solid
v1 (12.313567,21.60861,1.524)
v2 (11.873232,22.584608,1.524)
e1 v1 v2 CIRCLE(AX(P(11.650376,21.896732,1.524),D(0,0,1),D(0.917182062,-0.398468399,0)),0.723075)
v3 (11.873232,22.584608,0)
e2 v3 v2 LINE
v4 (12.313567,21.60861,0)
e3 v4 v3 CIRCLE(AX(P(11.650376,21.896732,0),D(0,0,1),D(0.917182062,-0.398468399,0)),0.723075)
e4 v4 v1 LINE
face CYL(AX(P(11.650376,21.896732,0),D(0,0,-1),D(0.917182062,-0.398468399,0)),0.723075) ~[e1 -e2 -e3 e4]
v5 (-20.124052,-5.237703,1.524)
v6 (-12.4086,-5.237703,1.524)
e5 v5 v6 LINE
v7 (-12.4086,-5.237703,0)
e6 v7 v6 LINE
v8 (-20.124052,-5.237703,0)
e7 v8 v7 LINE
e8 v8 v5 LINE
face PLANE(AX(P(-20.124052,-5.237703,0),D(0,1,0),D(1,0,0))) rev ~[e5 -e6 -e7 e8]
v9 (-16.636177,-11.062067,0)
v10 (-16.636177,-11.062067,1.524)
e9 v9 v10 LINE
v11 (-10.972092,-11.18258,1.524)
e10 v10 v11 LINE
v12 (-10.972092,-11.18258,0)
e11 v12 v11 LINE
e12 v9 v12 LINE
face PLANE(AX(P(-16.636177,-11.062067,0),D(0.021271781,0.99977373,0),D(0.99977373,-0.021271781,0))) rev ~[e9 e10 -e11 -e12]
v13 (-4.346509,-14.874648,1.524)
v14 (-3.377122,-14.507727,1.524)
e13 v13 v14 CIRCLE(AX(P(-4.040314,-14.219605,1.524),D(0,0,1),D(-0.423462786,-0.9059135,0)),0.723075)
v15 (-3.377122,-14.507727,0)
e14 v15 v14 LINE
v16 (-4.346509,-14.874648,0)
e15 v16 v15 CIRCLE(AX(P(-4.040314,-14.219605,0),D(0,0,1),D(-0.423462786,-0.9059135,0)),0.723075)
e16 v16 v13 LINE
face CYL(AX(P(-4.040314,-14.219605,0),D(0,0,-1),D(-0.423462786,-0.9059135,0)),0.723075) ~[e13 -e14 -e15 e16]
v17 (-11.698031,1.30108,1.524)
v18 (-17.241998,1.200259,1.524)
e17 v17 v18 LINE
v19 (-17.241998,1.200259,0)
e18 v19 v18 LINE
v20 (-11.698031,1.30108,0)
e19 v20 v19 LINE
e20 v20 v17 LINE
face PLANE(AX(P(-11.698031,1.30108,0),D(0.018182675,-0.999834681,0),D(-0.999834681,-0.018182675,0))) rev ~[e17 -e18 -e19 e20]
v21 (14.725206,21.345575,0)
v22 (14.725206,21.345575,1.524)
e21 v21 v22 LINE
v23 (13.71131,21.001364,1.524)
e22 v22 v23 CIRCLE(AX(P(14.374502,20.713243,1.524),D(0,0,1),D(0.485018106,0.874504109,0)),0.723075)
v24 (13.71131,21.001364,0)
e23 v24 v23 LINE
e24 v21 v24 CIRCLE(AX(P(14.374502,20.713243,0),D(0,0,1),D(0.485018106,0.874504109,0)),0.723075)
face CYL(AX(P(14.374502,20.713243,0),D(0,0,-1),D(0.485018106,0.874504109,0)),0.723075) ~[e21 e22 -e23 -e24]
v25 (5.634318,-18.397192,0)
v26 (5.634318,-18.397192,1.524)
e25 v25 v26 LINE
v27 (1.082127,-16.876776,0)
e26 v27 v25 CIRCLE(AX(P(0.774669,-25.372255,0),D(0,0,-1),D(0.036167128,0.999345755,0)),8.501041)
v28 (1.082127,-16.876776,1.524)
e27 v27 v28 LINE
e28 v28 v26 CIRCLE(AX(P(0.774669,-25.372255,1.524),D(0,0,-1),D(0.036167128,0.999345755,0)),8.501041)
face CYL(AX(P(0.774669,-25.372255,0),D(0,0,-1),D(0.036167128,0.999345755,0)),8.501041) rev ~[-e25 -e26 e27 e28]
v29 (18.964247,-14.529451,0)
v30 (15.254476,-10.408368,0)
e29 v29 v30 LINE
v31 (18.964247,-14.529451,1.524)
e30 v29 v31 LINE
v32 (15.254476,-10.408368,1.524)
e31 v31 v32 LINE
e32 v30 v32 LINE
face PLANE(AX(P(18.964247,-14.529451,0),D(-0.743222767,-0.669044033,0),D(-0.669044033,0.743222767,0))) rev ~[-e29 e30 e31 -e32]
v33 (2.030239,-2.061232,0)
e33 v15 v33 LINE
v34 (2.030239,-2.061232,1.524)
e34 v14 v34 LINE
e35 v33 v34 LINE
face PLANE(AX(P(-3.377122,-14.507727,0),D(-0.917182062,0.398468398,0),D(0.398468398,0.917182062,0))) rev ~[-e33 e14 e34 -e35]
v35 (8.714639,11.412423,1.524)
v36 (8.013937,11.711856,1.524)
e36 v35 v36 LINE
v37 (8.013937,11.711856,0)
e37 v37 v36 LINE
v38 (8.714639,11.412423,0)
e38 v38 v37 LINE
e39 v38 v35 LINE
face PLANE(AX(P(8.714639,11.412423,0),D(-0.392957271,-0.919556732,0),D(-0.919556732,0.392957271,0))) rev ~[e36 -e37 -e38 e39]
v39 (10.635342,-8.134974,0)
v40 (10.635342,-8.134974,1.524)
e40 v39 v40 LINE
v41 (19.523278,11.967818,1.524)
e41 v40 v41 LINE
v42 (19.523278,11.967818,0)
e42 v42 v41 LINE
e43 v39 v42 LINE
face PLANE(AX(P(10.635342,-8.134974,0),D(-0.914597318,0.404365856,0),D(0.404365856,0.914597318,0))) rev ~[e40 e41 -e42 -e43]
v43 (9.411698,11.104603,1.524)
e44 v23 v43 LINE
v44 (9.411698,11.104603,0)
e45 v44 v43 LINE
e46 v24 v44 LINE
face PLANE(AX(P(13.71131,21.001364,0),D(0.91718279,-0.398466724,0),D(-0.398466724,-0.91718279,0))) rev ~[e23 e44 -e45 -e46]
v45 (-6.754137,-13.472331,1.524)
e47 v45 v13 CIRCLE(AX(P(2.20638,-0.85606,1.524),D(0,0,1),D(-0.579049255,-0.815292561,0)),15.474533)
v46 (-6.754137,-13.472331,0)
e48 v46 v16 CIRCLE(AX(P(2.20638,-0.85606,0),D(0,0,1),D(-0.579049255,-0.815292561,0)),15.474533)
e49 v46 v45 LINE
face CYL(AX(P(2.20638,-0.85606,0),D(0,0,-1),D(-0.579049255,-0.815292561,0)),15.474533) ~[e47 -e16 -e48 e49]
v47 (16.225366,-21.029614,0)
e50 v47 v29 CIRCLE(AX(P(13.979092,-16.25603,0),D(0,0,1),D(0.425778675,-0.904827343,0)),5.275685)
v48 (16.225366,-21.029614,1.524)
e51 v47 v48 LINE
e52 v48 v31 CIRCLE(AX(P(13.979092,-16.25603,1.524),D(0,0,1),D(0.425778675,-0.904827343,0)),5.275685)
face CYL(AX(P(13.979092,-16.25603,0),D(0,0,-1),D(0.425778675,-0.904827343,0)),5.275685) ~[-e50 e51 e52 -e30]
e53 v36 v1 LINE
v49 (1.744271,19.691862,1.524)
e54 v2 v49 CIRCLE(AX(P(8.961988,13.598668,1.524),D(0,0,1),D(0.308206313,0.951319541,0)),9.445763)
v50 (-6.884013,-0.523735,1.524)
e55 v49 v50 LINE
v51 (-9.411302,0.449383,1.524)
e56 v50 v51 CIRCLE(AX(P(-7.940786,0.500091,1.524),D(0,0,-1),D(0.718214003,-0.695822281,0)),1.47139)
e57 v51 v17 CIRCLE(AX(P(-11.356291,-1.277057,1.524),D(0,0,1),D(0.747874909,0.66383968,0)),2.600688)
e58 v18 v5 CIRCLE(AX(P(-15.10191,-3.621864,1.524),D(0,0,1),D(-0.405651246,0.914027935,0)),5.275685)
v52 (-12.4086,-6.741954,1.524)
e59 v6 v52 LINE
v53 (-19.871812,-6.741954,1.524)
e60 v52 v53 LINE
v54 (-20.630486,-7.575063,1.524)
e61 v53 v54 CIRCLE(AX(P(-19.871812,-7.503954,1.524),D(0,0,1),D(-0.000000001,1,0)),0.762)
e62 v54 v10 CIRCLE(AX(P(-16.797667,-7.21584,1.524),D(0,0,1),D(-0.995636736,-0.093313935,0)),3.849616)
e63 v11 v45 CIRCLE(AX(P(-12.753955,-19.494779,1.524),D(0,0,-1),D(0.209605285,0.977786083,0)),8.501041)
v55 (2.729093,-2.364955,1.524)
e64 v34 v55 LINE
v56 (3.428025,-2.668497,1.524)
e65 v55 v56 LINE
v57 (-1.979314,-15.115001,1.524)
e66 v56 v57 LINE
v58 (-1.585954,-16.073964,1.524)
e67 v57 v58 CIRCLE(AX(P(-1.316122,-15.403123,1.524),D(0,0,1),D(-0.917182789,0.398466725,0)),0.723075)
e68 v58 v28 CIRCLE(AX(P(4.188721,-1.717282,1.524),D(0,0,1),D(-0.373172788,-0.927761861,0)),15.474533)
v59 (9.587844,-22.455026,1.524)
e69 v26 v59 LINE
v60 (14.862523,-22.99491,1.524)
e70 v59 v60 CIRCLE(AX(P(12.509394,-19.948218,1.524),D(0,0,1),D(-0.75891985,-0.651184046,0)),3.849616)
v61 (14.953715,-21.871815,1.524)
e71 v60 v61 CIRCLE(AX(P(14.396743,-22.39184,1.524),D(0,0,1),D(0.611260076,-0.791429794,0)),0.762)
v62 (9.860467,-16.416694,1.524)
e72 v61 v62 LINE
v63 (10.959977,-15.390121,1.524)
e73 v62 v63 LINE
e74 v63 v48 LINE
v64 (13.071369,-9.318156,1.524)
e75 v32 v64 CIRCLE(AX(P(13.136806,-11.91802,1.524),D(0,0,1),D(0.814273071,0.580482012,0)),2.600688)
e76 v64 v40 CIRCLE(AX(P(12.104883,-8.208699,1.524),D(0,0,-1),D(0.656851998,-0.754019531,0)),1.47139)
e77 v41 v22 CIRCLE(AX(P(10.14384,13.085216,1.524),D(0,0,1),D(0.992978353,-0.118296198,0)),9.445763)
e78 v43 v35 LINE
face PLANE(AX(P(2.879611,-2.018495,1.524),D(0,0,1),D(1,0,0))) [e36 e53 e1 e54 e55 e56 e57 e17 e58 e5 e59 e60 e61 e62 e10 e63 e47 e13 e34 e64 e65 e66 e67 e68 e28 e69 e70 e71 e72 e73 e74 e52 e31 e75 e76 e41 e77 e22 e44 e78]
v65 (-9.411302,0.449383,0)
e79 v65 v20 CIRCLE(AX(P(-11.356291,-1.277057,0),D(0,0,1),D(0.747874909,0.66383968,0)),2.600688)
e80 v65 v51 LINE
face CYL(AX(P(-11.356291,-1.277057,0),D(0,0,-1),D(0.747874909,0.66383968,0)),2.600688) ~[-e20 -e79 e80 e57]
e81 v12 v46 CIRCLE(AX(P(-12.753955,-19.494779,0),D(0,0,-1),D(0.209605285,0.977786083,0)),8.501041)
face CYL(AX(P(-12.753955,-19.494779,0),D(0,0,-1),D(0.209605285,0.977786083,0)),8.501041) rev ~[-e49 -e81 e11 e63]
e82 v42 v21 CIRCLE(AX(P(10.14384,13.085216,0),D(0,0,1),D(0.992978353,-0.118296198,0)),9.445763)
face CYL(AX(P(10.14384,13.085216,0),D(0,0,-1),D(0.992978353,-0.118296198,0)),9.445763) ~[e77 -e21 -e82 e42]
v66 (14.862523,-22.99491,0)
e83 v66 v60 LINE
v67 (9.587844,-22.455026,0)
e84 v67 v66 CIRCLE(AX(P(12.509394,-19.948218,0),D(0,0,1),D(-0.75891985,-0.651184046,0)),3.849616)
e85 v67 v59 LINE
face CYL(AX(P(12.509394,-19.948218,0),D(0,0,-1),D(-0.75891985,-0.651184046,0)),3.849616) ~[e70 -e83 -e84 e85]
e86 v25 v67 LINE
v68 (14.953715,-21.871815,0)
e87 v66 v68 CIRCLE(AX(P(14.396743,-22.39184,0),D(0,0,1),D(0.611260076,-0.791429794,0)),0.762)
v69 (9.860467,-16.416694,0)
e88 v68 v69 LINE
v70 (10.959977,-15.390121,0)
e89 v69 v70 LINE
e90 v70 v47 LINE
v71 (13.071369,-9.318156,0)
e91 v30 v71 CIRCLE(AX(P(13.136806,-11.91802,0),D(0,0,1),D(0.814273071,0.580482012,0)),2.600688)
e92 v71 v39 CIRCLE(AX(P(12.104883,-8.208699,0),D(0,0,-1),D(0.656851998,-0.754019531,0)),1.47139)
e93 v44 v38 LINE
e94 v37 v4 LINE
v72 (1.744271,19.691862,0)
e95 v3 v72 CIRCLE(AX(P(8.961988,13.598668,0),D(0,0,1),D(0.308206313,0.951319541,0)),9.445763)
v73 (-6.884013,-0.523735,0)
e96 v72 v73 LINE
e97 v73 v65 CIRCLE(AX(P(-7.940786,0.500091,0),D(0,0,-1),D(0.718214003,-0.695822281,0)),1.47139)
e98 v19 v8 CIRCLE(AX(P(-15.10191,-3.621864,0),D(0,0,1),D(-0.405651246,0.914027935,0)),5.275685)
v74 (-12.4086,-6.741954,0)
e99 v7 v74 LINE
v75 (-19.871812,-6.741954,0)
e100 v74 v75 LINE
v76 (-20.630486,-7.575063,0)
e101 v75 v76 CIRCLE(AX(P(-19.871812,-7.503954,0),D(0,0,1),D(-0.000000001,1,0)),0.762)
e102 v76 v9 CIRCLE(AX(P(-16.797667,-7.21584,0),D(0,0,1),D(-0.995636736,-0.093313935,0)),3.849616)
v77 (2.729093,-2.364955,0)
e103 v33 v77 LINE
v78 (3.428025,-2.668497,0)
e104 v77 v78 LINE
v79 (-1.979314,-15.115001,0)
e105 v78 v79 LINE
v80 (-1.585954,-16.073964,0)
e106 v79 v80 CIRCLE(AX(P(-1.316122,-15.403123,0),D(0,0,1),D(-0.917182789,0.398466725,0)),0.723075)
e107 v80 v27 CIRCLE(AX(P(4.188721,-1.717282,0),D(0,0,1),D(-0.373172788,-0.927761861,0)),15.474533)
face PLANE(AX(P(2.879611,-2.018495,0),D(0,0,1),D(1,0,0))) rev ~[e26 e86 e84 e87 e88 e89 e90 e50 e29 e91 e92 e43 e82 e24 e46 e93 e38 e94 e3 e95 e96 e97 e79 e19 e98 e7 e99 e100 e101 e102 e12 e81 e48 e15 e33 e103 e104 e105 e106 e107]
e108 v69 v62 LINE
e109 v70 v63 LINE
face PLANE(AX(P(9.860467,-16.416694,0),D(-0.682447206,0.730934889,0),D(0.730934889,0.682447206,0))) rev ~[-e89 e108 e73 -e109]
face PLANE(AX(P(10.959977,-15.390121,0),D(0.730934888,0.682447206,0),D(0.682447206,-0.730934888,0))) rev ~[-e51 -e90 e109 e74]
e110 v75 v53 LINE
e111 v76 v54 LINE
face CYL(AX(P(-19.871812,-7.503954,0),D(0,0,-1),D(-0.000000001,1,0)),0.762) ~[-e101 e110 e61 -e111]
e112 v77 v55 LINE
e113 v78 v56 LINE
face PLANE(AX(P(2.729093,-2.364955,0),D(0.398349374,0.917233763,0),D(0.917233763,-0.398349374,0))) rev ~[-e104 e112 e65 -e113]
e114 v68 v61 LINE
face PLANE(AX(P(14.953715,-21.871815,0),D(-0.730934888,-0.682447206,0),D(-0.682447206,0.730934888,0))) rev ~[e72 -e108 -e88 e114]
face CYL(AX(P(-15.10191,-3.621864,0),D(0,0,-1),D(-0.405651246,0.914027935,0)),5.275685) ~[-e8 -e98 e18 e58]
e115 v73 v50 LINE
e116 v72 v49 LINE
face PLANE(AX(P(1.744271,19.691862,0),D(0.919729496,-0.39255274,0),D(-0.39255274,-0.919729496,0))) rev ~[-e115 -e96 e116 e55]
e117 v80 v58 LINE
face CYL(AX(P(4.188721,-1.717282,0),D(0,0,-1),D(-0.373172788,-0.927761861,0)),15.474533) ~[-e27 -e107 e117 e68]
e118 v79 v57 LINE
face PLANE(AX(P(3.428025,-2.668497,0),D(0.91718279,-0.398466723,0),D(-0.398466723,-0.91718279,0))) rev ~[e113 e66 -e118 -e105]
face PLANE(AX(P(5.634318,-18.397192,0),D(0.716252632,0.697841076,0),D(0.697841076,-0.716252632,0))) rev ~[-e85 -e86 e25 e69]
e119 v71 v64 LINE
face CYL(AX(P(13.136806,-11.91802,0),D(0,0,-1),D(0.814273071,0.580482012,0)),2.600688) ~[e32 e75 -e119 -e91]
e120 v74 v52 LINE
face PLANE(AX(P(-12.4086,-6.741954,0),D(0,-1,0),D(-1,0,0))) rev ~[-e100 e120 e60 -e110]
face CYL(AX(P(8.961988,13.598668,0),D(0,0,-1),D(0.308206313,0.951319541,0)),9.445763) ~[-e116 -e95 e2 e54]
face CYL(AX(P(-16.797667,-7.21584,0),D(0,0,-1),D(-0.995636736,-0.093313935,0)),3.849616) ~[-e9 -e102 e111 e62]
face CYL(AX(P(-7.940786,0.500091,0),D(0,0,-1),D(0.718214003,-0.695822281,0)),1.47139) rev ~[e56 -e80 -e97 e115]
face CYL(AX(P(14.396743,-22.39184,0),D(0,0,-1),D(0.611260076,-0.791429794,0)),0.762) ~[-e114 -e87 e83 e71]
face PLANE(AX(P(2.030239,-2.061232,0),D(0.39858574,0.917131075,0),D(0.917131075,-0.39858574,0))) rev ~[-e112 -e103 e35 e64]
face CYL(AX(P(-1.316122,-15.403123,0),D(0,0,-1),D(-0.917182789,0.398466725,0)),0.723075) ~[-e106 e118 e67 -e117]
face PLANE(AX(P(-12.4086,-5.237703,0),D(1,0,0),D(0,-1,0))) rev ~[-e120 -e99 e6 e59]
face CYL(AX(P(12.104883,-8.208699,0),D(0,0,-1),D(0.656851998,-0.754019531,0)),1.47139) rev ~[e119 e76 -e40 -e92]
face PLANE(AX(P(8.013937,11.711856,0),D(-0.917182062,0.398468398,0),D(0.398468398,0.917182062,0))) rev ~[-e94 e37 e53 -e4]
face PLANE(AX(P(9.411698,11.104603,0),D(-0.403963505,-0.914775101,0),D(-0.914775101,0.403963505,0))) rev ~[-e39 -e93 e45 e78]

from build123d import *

# Parameters (mm, degrees)
BOSS_EXTRUDE1_DEPTH = 1.524


with BuildPart() as part:
    # Sketch1 → Boss-Extrude1 (new body)
    with BuildSketch(Plane.XY):
        with BuildLine():
            Line((-11.698031226, 1.301080189), (-17.241997575, 1.200259383))
            ThreePointArc((-17.241997575, 1.200259383), (-19.917117147, -1.466260827), (-20.124051829, -5.237702565))
            Line((-20.124051829, -5.237702565), (-12.408600231, -5.237702565))
            Line((-12.408600231, -5.237702565), (-12.408600231, -6.741954445))
            Line((-12.408600231, -6.741954445), (-19.871811516, -6.741954445))
            ThreePointArc((-19.871811516, -6.741954445), (-20.435206751, -6.990895181), (-20.630486437, -7.57506256))
            ThreePointArc((-20.630486437, -7.57506256), (-19.329359364, -10.115853363), (-16.636177401, -11.062067125))
            Line((-16.636177401, -11.062067125), (-10.972091682, -11.182579587))
            ThreePointArc((-10.972091682, -11.182579587), (-8.698171192, -12.023613454), (-6.754136813, -13.472331057))
            ThreePointArc((-6.754136813, -13.472331057), (-5.581948581, -14.227787409), (-4.346508881, -14.874647747))
            ThreePointArc((-4.346508881, -14.874647747), (-3.784346366, -14.895857379), (-3.377122413, -14.507726996))
            Line((-3.377122413, -14.507726996), (2.03023888, -2.061232355))
            Line((2.03023888, -2.061232355), (2.729092759, -2.364954689))
            Line((2.729092759, -2.364954689), (3.428024886, -2.668496912))
            Line((3.428024886, -2.668496912), (-1.97931368, -15.115001427))
            ThreePointArc((-1.97931368, -15.115001427), (-1.98510287, -15.677534117), (-1.585953772, -16.073963859))
            ThreePointArc((-1.585953772, -16.073963859), (-0.270018612, -16.535541807), (1.082127376, -16.876776006))
            ThreePointArc((1.082127376, -16.876776006), (3.467746446, -17.309065277), (5.634318126, -18.397191884))
            Line((5.634318126, -18.397191884), (9.587844362, -22.455026355))
            ThreePointArc((9.587844362, -22.455026355), (12.117419518, -23.777826074), (14.862522696, -22.994909661))
            ThreePointArc((14.862522696, -22.994909661), (15.156242938, -22.453509531), (14.953714903, -21.871815388))
            Line((14.953714903, -21.871815388), (9.860467214, -16.416693879))
            Line((9.860467214, -16.416693879), (10.959977394, -15.390121387))
            Line((10.959977394, -15.390121387), (16.22536578, -21.029614141))
            ThreePointArc((16.22536578, -21.029614141), (18.840822131, -18.304548485), (18.964246905, -14.529450993))
            Line((18.964246905, -14.529450993), (15.254476006, -10.408367691))
            ThreePointArc((15.254476006, -10.408367691), (14.298724728, -9.591322549), (13.07136856, -9.318155738))
            ThreePointArc((13.07136856, -9.318155738), (11.462041147, -9.532232913), (10.635341819, -8.134974174))
            Line((10.635341819, -8.134974174), (19.523278228, 11.967818074))
            ThreePointArc((19.523278228, 11.967818074), (18.552858543, 17.387639375), (14.725205948, 21.345574811))
            ThreePointArc((14.725205948, 21.345574811), (14.142053039, 21.397936165), (13.711309854, 21.001364186))
            Line((13.711309854, 21.001364186), (9.411697856, 11.104602687))
            Line((9.411697856, 11.104602687), (8.714639229, 11.412422878))
            Line((8.714639229, 11.412422878), (8.013937, 11.711856318))
            Line((8.013937, 11.711856318), (12.313567068, 21.608609967))
            ThreePointArc((12.313567068, 21.608609967), (12.30947588, 22.194094628), (11.873232067, 22.584607574))
            ThreePointArc((11.873232067, 22.584607574), (6.368068152, 22.681290418), (1.744271471, 19.691862119))
            Line((1.744271471, 19.691862119), (-6.884013371, -0.52373509))
            ThreePointArc((-6.884013371, -0.52373509), (-8.469497177, -0.873027031), (-9.411301698, 0.449382892))
            ThreePointArc((-9.411301698, 0.449382892), (-10.448574638, 1.160078409), (-11.698031226, 1.301080189))
        make_face()
    extrude(amount=BOSS_EXTRUDE1_DEPTH)


solid = part.part
